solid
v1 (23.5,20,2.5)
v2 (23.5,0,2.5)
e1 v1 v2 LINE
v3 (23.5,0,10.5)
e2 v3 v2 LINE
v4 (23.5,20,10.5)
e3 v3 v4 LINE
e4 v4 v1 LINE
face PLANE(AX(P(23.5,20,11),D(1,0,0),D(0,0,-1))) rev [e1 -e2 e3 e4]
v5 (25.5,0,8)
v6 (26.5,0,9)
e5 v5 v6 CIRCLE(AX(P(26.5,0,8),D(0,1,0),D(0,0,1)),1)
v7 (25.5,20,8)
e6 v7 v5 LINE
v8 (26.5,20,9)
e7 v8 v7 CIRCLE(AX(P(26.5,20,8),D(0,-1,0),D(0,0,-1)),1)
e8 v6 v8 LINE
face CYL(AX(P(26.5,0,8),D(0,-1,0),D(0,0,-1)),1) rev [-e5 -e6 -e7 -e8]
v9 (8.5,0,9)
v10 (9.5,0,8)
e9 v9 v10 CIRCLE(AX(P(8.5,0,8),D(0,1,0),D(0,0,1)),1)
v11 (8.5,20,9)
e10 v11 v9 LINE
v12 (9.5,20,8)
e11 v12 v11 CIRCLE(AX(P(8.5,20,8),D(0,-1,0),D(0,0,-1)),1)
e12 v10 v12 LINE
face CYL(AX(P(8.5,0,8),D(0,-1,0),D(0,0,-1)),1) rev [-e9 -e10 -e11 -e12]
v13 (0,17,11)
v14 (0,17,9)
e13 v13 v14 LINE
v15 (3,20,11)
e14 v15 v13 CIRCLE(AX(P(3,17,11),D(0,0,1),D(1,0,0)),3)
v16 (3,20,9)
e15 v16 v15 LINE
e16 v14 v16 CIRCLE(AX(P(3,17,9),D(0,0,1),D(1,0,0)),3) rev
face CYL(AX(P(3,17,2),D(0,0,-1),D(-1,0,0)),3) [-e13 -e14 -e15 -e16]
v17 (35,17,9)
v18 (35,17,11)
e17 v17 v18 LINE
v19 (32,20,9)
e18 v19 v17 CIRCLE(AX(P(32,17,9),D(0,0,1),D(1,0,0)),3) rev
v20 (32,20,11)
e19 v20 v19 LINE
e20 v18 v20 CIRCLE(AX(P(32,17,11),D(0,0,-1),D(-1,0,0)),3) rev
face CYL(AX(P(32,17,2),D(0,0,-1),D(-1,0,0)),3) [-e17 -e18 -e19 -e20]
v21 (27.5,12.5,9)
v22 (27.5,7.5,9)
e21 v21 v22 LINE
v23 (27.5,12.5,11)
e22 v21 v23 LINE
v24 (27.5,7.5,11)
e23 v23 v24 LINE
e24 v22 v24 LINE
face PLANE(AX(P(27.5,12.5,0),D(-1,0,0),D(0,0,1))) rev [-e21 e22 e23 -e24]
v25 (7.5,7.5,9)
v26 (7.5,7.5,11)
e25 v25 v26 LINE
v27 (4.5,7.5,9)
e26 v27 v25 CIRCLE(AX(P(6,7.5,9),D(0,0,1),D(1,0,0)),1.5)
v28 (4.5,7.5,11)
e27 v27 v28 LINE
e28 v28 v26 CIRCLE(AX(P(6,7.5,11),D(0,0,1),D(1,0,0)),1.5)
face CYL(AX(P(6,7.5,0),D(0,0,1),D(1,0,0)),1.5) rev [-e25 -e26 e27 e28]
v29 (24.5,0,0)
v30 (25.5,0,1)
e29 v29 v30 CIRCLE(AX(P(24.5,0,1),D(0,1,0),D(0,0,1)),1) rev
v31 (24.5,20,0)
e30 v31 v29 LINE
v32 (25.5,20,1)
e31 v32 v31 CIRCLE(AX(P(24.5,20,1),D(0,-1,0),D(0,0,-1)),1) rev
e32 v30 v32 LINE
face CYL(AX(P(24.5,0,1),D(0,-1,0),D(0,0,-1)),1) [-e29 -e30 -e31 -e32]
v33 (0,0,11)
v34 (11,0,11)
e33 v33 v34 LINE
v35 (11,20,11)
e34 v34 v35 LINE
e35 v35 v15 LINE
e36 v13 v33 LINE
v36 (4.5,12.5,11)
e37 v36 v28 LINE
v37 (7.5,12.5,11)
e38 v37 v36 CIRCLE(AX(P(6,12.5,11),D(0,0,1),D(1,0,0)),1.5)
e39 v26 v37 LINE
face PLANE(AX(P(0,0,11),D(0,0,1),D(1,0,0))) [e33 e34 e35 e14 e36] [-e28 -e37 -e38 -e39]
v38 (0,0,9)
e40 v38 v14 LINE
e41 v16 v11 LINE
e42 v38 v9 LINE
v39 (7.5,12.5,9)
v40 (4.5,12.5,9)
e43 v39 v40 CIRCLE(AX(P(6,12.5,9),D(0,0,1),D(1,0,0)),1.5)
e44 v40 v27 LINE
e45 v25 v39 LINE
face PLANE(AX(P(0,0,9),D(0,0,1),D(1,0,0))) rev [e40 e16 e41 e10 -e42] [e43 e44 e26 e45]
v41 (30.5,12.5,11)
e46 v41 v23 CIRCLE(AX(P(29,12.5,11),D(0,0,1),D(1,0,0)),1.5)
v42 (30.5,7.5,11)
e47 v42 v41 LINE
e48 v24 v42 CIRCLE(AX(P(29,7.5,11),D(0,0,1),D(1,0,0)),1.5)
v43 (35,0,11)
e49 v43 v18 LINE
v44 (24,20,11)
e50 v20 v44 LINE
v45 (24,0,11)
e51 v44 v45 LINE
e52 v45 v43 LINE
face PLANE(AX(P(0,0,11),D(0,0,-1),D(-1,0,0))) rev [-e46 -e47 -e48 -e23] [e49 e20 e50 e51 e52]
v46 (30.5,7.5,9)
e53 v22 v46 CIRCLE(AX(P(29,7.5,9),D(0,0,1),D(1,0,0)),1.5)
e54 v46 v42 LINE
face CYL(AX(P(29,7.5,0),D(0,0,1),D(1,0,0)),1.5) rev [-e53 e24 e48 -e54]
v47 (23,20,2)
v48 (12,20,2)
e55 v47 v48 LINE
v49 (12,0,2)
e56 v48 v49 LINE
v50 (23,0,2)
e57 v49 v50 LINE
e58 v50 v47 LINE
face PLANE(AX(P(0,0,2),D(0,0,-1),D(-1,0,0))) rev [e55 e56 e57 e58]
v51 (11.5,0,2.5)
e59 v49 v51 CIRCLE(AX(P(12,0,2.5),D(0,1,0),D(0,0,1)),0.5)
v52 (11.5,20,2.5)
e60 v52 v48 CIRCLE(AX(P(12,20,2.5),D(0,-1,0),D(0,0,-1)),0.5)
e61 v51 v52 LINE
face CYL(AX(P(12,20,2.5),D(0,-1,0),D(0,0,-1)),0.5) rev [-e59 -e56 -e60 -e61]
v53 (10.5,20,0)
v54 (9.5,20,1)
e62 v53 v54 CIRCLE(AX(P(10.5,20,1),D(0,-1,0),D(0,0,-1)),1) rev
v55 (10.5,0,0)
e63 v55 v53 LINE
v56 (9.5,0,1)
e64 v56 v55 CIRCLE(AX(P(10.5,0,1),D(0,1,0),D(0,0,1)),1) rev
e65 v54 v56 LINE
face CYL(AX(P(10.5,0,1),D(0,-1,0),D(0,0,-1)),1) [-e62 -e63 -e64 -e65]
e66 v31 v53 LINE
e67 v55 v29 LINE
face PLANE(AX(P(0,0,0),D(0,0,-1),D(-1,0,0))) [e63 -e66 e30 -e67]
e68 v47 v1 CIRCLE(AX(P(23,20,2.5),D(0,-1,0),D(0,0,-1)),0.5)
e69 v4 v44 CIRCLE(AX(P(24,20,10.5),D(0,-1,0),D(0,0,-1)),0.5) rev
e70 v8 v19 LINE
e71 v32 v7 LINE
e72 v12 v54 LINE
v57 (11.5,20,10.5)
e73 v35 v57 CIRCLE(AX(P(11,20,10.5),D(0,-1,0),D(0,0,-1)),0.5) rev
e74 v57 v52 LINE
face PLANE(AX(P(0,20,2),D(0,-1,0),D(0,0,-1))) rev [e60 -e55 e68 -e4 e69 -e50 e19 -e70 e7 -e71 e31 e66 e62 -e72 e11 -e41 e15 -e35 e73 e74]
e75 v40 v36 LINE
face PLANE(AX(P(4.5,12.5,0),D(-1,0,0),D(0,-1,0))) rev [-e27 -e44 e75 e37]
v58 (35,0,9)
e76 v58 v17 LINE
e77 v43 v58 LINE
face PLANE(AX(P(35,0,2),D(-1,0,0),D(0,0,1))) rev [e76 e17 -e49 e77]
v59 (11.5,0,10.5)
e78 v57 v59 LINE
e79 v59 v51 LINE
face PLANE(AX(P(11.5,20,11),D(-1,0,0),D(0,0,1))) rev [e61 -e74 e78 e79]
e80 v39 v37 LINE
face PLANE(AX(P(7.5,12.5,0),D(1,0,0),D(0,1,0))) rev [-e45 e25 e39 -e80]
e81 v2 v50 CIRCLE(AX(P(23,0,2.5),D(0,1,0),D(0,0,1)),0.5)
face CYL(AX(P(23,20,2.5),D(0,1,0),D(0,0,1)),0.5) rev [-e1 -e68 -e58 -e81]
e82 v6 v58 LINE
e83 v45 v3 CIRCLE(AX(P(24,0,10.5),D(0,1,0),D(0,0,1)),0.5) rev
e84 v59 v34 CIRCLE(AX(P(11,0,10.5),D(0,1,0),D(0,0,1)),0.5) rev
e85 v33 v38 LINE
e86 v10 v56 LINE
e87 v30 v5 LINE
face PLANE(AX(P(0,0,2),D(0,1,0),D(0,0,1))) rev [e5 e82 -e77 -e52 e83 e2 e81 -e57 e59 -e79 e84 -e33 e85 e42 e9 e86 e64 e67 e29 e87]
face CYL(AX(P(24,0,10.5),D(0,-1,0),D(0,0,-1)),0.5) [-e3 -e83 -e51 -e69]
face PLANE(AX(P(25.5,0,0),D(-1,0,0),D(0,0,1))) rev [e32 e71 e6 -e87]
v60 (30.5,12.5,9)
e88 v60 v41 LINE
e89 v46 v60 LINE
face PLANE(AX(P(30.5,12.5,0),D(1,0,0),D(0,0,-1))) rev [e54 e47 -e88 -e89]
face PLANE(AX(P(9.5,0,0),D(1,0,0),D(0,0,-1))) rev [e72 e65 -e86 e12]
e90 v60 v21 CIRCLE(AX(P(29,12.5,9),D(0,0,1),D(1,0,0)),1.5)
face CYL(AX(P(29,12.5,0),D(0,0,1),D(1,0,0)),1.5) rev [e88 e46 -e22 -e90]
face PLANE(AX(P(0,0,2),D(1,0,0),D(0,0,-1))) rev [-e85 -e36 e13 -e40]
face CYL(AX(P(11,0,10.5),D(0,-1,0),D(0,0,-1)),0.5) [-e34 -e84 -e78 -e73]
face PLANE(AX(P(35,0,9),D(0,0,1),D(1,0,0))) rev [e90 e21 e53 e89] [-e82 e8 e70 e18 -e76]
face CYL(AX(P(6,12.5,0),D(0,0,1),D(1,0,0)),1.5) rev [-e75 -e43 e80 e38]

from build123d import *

# Parameters (mm, degrees)
SKETCH1_W           = 35
SKETCH1_H           = 20
BOSS_EXTRUDE1_DEPTH = 2
SKETCH4_W           = 11.5
SKETCH4_H           = 20
BOSS_EXTRUDE2_DEPTH = 9
SKETCH5_W           = 9.5
SKETCH5_H           = 9
CUT_EXTRUDE2_DEPTH  = 21
FILLET1_R           = 1
FILLET2_R           = 0.5
CUT_EXTRUDE3_DEPTH  = 12
FILLET3_R           = 3


with BuildPart() as part:
    # Sketch1 → Boss-Extrude1 (new body)
    with BuildSketch(Plane.XY):
        with Locations((17.5, 10)):
            Rectangle(SKETCH1_W, SKETCH1_H)
    extrude(amount=BOSS_EXTRUDE1_DEPTH)

    # Sketch4 → Boss-Extrude2 (add)
    with BuildSketch(Plane.XY.offset(2)):
        with Locations((5.75, 10)):
            Rectangle(SKETCH4_W, SKETCH4_H)
        with Locations((29.25, 10)):
            Rectangle(SKETCH4_W, SKETCH4_H)
    extrude(amount=BOSS_EXTRUDE2_DEPTH)

    # Sketch5 → Cut-Extrude2 (cut, through all)
    with BuildSketch(Plane(origin=(0, 20, 0), x_dir=(1, 0, 0), z_dir=(0, 1, 0))):
        with Locations((4.75, -4.5)):
            Rectangle(SKETCH5_W, SKETCH5_H)
        with Locations((30.25, -4.5)):
            Rectangle(SKETCH5_W, SKETCH5_H)
    extrude(amount=-CUT_EXTRUDE2_DEPTH, mode=Mode.SUBTRACT)

    # Fillet1
    fillet1_edges = [part.edges().sort_by_distance(p)[0] for p in [
        (9.5, 10, 0),
        (9.5, 10, 9),
        (25.5, 10, 9),
        (25.5, 10, 0),
    ]]
    fillet(fillet1_edges, radius=FILLET1_R)

    # Fillet2
    fillet2_edges = [part.edges().sort_by_distance(p)[0] for p in [
        (11.5, 10, 2),
        (11.5, 10, 11),
        (23.5, 10, 2),
        (23.5, 10, 11),
    ]]
    fillet(fillet2_edges, radius=FILLET2_R)

    # Sketch2 → Cut-Extrude3 (cut, through all)
    with BuildSketch(Plane.XY.offset(11)):
        with BuildLine():
            Line((7.5, 12.5), (7.5, 7.5))
            ThreePointArc((7.5, 7.5), (6, 6), (4.5, 7.5))
            Line((4.5, 7.5), (4.5, 12.5))
            ThreePointArc((4.5, 12.5), (6, 14), (7.5, 12.5))
        make_face()
        with BuildLine():
            Line((30.5, 12.5), (30.5, 7.5))
            ThreePointArc((30.5, 7.5), (29, 6), (27.5, 7.5))
            Line((27.5, 7.5), (27.5, 12.5))
            ThreePointArc((27.5, 12.5), (29, 14), (30.5, 12.5))
        make_face()
    extrude(amount=-CUT_EXTRUDE3_DEPTH, mode=Mode.SUBTRACT)

    # Fillet3
    fillet3_edges = [part.edges().sort_by_distance(p)[0] for p in [
        (0, 20, 10),
        (35, 20, 10),
    ]]
    fillet(fillet3_edges, radius=FILLET3_R)


solid = part.part
